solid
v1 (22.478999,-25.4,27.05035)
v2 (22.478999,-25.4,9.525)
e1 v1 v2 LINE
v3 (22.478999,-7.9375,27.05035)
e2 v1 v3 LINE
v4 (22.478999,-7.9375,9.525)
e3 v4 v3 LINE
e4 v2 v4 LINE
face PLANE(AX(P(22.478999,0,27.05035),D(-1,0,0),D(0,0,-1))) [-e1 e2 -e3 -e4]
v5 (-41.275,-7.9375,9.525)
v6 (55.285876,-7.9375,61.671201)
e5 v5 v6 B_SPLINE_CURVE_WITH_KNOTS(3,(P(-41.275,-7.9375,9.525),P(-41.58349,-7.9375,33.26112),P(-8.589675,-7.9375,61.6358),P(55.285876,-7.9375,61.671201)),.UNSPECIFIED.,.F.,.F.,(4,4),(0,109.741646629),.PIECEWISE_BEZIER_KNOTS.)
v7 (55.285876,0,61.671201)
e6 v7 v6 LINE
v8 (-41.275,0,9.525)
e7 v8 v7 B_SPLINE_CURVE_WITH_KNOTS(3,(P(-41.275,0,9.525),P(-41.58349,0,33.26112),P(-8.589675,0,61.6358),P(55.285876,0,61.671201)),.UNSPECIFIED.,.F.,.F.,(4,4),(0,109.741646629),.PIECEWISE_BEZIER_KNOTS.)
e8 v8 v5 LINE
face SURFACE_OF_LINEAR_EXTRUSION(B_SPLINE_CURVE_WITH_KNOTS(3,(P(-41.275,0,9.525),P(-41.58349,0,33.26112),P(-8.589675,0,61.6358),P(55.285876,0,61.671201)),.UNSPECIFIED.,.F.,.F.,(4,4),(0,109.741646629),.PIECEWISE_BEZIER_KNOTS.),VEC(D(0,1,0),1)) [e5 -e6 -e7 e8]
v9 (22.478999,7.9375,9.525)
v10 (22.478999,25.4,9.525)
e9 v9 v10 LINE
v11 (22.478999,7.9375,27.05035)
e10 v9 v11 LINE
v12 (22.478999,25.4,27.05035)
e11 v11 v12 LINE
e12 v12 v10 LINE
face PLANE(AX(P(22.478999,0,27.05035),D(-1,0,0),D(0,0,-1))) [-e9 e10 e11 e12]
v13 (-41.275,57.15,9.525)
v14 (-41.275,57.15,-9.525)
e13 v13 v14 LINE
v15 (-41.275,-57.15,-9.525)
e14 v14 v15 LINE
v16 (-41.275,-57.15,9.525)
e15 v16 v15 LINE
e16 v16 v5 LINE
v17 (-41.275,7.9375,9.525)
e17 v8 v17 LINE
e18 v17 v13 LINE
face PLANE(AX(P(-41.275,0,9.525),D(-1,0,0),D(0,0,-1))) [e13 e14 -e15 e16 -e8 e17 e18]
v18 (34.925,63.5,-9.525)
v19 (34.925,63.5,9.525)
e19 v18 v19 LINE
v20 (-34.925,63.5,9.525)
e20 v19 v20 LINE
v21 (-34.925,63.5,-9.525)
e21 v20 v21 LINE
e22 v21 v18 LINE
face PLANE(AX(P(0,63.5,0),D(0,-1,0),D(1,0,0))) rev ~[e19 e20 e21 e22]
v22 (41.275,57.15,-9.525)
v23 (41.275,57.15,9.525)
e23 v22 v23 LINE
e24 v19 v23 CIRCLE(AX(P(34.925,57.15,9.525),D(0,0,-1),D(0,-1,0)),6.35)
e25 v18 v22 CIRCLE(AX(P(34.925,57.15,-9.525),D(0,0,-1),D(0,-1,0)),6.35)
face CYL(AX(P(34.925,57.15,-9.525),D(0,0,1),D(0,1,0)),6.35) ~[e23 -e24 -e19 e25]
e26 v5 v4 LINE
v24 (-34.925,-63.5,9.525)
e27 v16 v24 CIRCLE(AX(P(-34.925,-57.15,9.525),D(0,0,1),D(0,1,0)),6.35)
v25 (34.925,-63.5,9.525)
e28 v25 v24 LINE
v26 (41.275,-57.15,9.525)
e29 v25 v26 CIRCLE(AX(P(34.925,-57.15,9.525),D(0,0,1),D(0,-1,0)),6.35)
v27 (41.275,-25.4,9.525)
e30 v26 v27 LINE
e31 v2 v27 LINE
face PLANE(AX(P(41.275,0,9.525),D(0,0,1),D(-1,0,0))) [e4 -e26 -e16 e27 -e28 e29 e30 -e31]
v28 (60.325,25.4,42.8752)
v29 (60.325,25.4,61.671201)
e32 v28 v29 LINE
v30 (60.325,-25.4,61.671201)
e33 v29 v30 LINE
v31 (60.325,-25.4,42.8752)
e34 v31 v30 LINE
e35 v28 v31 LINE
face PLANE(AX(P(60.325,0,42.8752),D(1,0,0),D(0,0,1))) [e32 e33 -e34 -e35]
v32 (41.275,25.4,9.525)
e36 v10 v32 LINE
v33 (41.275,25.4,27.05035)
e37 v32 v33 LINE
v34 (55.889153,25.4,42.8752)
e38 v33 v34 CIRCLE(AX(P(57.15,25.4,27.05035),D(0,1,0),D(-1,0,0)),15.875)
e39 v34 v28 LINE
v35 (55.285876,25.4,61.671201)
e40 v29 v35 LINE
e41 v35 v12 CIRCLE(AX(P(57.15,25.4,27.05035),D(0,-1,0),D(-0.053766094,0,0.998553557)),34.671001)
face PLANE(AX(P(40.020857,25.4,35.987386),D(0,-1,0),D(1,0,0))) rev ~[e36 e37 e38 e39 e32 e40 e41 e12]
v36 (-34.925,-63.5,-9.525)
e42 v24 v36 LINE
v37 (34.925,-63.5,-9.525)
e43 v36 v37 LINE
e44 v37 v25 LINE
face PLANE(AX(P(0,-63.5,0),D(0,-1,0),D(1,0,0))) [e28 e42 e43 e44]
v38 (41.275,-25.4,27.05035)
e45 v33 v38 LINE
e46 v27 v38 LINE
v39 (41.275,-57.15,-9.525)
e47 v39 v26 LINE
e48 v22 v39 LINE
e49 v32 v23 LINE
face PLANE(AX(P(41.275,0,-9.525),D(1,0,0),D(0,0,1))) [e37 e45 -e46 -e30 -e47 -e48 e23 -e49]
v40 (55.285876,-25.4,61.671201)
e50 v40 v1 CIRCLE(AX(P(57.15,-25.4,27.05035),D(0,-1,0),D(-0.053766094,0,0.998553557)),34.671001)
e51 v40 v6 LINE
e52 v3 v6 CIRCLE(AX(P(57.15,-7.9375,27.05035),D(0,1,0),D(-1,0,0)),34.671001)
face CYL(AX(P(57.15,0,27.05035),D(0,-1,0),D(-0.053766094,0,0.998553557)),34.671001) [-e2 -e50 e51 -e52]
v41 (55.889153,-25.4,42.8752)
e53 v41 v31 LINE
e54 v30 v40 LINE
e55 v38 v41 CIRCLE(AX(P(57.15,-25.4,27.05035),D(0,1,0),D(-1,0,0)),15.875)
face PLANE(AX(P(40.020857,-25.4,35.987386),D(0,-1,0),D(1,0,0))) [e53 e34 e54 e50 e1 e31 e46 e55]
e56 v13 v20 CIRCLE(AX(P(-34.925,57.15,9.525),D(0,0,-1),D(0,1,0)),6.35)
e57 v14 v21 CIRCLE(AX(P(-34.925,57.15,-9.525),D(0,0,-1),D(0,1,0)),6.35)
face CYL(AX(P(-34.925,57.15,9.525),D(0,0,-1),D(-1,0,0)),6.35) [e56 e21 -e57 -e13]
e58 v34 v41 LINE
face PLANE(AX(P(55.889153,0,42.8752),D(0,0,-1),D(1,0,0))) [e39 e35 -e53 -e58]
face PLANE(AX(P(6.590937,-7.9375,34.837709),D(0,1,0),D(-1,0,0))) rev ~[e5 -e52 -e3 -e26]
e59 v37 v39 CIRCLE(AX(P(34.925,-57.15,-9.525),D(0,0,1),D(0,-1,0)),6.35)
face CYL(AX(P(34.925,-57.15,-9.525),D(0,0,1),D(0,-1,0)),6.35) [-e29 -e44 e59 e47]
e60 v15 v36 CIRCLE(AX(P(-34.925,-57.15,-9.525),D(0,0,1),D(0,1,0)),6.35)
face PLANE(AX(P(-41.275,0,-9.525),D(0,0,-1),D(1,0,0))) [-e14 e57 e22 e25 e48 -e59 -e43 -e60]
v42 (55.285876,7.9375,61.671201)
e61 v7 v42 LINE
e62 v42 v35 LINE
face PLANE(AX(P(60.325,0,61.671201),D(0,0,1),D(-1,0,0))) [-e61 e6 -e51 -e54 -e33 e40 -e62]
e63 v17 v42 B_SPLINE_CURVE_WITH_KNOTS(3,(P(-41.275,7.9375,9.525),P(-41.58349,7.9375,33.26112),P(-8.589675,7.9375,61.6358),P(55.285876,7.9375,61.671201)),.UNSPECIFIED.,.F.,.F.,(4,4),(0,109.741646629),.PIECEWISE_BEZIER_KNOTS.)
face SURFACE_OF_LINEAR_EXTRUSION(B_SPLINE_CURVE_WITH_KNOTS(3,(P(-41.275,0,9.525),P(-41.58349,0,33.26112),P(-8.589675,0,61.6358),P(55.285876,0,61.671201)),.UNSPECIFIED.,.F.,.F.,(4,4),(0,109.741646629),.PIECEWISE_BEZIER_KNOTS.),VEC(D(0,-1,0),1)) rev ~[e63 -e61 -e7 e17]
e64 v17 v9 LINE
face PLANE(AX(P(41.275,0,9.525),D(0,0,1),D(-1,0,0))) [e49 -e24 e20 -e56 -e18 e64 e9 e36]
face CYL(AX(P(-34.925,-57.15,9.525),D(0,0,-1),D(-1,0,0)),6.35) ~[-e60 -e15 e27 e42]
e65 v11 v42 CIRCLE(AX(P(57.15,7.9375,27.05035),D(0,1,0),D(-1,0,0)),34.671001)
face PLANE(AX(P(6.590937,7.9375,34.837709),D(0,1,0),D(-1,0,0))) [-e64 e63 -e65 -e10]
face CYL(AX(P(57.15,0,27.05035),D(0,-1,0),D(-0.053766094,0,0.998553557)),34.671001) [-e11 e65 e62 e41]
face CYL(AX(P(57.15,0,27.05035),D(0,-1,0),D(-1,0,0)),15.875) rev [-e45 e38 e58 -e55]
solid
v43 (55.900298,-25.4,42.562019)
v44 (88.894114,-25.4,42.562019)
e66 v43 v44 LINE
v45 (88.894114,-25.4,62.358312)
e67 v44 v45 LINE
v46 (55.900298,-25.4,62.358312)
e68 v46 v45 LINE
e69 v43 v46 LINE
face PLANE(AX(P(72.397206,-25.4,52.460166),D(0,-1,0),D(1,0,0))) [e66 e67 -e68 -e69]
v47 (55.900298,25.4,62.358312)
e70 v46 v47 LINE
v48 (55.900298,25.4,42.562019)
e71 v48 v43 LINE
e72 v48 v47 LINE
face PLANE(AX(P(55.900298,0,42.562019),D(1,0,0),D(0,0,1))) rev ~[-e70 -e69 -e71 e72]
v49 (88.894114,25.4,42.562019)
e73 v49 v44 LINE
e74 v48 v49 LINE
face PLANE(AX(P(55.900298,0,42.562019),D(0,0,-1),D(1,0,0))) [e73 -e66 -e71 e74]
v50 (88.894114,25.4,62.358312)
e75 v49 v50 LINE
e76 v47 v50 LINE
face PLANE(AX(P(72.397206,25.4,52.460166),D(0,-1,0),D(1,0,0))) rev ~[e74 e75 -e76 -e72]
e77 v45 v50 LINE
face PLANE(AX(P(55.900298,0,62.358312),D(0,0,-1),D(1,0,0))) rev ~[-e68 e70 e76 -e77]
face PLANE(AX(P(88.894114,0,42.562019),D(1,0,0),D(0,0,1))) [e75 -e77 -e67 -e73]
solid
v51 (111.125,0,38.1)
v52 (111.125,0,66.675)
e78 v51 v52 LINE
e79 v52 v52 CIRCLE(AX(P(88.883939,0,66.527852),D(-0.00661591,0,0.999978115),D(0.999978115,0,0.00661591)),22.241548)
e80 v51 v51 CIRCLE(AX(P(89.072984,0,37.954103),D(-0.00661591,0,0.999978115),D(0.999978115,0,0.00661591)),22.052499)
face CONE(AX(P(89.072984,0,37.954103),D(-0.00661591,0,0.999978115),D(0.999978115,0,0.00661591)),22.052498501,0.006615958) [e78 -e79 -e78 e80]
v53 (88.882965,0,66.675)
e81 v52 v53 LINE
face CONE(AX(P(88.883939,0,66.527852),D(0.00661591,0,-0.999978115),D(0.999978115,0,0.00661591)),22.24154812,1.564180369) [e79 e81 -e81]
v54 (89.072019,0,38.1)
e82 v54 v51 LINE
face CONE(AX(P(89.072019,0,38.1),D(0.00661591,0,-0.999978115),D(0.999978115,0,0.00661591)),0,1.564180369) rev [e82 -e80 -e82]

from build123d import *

# Parameters (mm, degrees)
F1_DEPTH = 63.5
F2_DEPTH = 25.4
F3_DEPTH = 7.9375
F4_R     = 6.35
F6_W     = 32.9938158393
F6_H     = 19.7962932289
F7_DEPTH = 25.4


with BuildPart() as f1:
    # F0 (on Front) → F1 (new body, symmetric)
    with BuildSketch(Plane.XZ):
        Polygon((-41.275, 9.525), (-41.275, -9.525), (41.275, -9.525), (41.275, 9.525), (22.4789988603, 9.525), align=None)
    extrude(amount=F1_DEPTH, both=True)

    # F0 (on Front) → F2 (join, symmetric)
    with BuildSketch(Plane.XZ):
        with BuildLine():
            Line((22.4789988603, 9.525), (41.275, 9.525))
            Line((41.275, 9.525), (41.275, 27.0503496115))
            ThreePointArc((41.275, 27.0503496115), (45.4874194262, 37.8206717682), (55.8891529902, 42.8752))
            Line((55.8891529902, 42.8752), (60.325, 42.8752))
            Line((60.325, 42.8752), (60.325, 61.6712011397))
            Line((60.325, 61.6712011397), (55.2858756767, 61.6712011397))
            ThreePointArc((55.2858756767, 61.6712011397), (31.9834609395, 50.8982768117), (22.4789988603, 27.0503496115))
            Line((22.4789988603, 27.0503496115), (22.4789988603, 9.525))
        make_face()
    extrude(amount=F2_DEPTH, both=True)

    # F0 (on Front) → F3 (join, symmetric)
    with BuildSketch(Plane.XZ):
        with BuildLine():
            add(Edge.make_bspline(
                [(-41.275, 9.525), (-41.5834896266, 33.2611203194), (-8.5896747187, 61.635799706), (55.2858756767, 61.6712011397)],
                knots=[0, 0, 0, 0, 109.7416466286, 109.7416466286, 109.7416466286, 109.7416466286], degree=3))
            Line((-41.275, 9.525), (22.4789988603, 9.525))
            Line((22.4789988603, 9.525), (22.4789988603, 27.0503496115))
            ThreePointArc((22.4789988603, 27.0503496115), (31.9834609395, 50.8982768117), (55.2858756767, 61.6712011397))
        make_face()
    extrude(amount=F3_DEPTH, both=True)

    # F4
    f4_edges = [f1.edges().sort_by_distance(p)[0] for p in [
        (41.275, -63.5, 0),
        (-41.275, -63.5, 0),
        (41.275, 63.5, 0),
        (-41.275, 63.5, 0),
    ]]
    fillet(f4_edges, radius=F4_R)


with BuildPart() as f5:
    # F0 (on Front) → F5 (revolve)
    with BuildSketch(Plane.XZ):
        Polygon((111.125, 66.675), (88.8829651042, 66.675), (89.0720188618, 38.1), (111.125, 38.1), align=None)
    revolve(axis=Axis((88.977491983, 0, 52.3875), (-0.0066159097, 0, 0.9999781146)))


with BuildPart() as f7:
    # F6 (on Front) → F7 (new body, symmetric)
    with BuildSketch(Plane.XZ):
        with Locations((72.3972059786, 52.4601656944)):
            Rectangle(F6_W, F6_H)
    extrude(amount=F7_DEPTH, both=True)


solid = Compound([f1.part, f5.part, f7.part])
